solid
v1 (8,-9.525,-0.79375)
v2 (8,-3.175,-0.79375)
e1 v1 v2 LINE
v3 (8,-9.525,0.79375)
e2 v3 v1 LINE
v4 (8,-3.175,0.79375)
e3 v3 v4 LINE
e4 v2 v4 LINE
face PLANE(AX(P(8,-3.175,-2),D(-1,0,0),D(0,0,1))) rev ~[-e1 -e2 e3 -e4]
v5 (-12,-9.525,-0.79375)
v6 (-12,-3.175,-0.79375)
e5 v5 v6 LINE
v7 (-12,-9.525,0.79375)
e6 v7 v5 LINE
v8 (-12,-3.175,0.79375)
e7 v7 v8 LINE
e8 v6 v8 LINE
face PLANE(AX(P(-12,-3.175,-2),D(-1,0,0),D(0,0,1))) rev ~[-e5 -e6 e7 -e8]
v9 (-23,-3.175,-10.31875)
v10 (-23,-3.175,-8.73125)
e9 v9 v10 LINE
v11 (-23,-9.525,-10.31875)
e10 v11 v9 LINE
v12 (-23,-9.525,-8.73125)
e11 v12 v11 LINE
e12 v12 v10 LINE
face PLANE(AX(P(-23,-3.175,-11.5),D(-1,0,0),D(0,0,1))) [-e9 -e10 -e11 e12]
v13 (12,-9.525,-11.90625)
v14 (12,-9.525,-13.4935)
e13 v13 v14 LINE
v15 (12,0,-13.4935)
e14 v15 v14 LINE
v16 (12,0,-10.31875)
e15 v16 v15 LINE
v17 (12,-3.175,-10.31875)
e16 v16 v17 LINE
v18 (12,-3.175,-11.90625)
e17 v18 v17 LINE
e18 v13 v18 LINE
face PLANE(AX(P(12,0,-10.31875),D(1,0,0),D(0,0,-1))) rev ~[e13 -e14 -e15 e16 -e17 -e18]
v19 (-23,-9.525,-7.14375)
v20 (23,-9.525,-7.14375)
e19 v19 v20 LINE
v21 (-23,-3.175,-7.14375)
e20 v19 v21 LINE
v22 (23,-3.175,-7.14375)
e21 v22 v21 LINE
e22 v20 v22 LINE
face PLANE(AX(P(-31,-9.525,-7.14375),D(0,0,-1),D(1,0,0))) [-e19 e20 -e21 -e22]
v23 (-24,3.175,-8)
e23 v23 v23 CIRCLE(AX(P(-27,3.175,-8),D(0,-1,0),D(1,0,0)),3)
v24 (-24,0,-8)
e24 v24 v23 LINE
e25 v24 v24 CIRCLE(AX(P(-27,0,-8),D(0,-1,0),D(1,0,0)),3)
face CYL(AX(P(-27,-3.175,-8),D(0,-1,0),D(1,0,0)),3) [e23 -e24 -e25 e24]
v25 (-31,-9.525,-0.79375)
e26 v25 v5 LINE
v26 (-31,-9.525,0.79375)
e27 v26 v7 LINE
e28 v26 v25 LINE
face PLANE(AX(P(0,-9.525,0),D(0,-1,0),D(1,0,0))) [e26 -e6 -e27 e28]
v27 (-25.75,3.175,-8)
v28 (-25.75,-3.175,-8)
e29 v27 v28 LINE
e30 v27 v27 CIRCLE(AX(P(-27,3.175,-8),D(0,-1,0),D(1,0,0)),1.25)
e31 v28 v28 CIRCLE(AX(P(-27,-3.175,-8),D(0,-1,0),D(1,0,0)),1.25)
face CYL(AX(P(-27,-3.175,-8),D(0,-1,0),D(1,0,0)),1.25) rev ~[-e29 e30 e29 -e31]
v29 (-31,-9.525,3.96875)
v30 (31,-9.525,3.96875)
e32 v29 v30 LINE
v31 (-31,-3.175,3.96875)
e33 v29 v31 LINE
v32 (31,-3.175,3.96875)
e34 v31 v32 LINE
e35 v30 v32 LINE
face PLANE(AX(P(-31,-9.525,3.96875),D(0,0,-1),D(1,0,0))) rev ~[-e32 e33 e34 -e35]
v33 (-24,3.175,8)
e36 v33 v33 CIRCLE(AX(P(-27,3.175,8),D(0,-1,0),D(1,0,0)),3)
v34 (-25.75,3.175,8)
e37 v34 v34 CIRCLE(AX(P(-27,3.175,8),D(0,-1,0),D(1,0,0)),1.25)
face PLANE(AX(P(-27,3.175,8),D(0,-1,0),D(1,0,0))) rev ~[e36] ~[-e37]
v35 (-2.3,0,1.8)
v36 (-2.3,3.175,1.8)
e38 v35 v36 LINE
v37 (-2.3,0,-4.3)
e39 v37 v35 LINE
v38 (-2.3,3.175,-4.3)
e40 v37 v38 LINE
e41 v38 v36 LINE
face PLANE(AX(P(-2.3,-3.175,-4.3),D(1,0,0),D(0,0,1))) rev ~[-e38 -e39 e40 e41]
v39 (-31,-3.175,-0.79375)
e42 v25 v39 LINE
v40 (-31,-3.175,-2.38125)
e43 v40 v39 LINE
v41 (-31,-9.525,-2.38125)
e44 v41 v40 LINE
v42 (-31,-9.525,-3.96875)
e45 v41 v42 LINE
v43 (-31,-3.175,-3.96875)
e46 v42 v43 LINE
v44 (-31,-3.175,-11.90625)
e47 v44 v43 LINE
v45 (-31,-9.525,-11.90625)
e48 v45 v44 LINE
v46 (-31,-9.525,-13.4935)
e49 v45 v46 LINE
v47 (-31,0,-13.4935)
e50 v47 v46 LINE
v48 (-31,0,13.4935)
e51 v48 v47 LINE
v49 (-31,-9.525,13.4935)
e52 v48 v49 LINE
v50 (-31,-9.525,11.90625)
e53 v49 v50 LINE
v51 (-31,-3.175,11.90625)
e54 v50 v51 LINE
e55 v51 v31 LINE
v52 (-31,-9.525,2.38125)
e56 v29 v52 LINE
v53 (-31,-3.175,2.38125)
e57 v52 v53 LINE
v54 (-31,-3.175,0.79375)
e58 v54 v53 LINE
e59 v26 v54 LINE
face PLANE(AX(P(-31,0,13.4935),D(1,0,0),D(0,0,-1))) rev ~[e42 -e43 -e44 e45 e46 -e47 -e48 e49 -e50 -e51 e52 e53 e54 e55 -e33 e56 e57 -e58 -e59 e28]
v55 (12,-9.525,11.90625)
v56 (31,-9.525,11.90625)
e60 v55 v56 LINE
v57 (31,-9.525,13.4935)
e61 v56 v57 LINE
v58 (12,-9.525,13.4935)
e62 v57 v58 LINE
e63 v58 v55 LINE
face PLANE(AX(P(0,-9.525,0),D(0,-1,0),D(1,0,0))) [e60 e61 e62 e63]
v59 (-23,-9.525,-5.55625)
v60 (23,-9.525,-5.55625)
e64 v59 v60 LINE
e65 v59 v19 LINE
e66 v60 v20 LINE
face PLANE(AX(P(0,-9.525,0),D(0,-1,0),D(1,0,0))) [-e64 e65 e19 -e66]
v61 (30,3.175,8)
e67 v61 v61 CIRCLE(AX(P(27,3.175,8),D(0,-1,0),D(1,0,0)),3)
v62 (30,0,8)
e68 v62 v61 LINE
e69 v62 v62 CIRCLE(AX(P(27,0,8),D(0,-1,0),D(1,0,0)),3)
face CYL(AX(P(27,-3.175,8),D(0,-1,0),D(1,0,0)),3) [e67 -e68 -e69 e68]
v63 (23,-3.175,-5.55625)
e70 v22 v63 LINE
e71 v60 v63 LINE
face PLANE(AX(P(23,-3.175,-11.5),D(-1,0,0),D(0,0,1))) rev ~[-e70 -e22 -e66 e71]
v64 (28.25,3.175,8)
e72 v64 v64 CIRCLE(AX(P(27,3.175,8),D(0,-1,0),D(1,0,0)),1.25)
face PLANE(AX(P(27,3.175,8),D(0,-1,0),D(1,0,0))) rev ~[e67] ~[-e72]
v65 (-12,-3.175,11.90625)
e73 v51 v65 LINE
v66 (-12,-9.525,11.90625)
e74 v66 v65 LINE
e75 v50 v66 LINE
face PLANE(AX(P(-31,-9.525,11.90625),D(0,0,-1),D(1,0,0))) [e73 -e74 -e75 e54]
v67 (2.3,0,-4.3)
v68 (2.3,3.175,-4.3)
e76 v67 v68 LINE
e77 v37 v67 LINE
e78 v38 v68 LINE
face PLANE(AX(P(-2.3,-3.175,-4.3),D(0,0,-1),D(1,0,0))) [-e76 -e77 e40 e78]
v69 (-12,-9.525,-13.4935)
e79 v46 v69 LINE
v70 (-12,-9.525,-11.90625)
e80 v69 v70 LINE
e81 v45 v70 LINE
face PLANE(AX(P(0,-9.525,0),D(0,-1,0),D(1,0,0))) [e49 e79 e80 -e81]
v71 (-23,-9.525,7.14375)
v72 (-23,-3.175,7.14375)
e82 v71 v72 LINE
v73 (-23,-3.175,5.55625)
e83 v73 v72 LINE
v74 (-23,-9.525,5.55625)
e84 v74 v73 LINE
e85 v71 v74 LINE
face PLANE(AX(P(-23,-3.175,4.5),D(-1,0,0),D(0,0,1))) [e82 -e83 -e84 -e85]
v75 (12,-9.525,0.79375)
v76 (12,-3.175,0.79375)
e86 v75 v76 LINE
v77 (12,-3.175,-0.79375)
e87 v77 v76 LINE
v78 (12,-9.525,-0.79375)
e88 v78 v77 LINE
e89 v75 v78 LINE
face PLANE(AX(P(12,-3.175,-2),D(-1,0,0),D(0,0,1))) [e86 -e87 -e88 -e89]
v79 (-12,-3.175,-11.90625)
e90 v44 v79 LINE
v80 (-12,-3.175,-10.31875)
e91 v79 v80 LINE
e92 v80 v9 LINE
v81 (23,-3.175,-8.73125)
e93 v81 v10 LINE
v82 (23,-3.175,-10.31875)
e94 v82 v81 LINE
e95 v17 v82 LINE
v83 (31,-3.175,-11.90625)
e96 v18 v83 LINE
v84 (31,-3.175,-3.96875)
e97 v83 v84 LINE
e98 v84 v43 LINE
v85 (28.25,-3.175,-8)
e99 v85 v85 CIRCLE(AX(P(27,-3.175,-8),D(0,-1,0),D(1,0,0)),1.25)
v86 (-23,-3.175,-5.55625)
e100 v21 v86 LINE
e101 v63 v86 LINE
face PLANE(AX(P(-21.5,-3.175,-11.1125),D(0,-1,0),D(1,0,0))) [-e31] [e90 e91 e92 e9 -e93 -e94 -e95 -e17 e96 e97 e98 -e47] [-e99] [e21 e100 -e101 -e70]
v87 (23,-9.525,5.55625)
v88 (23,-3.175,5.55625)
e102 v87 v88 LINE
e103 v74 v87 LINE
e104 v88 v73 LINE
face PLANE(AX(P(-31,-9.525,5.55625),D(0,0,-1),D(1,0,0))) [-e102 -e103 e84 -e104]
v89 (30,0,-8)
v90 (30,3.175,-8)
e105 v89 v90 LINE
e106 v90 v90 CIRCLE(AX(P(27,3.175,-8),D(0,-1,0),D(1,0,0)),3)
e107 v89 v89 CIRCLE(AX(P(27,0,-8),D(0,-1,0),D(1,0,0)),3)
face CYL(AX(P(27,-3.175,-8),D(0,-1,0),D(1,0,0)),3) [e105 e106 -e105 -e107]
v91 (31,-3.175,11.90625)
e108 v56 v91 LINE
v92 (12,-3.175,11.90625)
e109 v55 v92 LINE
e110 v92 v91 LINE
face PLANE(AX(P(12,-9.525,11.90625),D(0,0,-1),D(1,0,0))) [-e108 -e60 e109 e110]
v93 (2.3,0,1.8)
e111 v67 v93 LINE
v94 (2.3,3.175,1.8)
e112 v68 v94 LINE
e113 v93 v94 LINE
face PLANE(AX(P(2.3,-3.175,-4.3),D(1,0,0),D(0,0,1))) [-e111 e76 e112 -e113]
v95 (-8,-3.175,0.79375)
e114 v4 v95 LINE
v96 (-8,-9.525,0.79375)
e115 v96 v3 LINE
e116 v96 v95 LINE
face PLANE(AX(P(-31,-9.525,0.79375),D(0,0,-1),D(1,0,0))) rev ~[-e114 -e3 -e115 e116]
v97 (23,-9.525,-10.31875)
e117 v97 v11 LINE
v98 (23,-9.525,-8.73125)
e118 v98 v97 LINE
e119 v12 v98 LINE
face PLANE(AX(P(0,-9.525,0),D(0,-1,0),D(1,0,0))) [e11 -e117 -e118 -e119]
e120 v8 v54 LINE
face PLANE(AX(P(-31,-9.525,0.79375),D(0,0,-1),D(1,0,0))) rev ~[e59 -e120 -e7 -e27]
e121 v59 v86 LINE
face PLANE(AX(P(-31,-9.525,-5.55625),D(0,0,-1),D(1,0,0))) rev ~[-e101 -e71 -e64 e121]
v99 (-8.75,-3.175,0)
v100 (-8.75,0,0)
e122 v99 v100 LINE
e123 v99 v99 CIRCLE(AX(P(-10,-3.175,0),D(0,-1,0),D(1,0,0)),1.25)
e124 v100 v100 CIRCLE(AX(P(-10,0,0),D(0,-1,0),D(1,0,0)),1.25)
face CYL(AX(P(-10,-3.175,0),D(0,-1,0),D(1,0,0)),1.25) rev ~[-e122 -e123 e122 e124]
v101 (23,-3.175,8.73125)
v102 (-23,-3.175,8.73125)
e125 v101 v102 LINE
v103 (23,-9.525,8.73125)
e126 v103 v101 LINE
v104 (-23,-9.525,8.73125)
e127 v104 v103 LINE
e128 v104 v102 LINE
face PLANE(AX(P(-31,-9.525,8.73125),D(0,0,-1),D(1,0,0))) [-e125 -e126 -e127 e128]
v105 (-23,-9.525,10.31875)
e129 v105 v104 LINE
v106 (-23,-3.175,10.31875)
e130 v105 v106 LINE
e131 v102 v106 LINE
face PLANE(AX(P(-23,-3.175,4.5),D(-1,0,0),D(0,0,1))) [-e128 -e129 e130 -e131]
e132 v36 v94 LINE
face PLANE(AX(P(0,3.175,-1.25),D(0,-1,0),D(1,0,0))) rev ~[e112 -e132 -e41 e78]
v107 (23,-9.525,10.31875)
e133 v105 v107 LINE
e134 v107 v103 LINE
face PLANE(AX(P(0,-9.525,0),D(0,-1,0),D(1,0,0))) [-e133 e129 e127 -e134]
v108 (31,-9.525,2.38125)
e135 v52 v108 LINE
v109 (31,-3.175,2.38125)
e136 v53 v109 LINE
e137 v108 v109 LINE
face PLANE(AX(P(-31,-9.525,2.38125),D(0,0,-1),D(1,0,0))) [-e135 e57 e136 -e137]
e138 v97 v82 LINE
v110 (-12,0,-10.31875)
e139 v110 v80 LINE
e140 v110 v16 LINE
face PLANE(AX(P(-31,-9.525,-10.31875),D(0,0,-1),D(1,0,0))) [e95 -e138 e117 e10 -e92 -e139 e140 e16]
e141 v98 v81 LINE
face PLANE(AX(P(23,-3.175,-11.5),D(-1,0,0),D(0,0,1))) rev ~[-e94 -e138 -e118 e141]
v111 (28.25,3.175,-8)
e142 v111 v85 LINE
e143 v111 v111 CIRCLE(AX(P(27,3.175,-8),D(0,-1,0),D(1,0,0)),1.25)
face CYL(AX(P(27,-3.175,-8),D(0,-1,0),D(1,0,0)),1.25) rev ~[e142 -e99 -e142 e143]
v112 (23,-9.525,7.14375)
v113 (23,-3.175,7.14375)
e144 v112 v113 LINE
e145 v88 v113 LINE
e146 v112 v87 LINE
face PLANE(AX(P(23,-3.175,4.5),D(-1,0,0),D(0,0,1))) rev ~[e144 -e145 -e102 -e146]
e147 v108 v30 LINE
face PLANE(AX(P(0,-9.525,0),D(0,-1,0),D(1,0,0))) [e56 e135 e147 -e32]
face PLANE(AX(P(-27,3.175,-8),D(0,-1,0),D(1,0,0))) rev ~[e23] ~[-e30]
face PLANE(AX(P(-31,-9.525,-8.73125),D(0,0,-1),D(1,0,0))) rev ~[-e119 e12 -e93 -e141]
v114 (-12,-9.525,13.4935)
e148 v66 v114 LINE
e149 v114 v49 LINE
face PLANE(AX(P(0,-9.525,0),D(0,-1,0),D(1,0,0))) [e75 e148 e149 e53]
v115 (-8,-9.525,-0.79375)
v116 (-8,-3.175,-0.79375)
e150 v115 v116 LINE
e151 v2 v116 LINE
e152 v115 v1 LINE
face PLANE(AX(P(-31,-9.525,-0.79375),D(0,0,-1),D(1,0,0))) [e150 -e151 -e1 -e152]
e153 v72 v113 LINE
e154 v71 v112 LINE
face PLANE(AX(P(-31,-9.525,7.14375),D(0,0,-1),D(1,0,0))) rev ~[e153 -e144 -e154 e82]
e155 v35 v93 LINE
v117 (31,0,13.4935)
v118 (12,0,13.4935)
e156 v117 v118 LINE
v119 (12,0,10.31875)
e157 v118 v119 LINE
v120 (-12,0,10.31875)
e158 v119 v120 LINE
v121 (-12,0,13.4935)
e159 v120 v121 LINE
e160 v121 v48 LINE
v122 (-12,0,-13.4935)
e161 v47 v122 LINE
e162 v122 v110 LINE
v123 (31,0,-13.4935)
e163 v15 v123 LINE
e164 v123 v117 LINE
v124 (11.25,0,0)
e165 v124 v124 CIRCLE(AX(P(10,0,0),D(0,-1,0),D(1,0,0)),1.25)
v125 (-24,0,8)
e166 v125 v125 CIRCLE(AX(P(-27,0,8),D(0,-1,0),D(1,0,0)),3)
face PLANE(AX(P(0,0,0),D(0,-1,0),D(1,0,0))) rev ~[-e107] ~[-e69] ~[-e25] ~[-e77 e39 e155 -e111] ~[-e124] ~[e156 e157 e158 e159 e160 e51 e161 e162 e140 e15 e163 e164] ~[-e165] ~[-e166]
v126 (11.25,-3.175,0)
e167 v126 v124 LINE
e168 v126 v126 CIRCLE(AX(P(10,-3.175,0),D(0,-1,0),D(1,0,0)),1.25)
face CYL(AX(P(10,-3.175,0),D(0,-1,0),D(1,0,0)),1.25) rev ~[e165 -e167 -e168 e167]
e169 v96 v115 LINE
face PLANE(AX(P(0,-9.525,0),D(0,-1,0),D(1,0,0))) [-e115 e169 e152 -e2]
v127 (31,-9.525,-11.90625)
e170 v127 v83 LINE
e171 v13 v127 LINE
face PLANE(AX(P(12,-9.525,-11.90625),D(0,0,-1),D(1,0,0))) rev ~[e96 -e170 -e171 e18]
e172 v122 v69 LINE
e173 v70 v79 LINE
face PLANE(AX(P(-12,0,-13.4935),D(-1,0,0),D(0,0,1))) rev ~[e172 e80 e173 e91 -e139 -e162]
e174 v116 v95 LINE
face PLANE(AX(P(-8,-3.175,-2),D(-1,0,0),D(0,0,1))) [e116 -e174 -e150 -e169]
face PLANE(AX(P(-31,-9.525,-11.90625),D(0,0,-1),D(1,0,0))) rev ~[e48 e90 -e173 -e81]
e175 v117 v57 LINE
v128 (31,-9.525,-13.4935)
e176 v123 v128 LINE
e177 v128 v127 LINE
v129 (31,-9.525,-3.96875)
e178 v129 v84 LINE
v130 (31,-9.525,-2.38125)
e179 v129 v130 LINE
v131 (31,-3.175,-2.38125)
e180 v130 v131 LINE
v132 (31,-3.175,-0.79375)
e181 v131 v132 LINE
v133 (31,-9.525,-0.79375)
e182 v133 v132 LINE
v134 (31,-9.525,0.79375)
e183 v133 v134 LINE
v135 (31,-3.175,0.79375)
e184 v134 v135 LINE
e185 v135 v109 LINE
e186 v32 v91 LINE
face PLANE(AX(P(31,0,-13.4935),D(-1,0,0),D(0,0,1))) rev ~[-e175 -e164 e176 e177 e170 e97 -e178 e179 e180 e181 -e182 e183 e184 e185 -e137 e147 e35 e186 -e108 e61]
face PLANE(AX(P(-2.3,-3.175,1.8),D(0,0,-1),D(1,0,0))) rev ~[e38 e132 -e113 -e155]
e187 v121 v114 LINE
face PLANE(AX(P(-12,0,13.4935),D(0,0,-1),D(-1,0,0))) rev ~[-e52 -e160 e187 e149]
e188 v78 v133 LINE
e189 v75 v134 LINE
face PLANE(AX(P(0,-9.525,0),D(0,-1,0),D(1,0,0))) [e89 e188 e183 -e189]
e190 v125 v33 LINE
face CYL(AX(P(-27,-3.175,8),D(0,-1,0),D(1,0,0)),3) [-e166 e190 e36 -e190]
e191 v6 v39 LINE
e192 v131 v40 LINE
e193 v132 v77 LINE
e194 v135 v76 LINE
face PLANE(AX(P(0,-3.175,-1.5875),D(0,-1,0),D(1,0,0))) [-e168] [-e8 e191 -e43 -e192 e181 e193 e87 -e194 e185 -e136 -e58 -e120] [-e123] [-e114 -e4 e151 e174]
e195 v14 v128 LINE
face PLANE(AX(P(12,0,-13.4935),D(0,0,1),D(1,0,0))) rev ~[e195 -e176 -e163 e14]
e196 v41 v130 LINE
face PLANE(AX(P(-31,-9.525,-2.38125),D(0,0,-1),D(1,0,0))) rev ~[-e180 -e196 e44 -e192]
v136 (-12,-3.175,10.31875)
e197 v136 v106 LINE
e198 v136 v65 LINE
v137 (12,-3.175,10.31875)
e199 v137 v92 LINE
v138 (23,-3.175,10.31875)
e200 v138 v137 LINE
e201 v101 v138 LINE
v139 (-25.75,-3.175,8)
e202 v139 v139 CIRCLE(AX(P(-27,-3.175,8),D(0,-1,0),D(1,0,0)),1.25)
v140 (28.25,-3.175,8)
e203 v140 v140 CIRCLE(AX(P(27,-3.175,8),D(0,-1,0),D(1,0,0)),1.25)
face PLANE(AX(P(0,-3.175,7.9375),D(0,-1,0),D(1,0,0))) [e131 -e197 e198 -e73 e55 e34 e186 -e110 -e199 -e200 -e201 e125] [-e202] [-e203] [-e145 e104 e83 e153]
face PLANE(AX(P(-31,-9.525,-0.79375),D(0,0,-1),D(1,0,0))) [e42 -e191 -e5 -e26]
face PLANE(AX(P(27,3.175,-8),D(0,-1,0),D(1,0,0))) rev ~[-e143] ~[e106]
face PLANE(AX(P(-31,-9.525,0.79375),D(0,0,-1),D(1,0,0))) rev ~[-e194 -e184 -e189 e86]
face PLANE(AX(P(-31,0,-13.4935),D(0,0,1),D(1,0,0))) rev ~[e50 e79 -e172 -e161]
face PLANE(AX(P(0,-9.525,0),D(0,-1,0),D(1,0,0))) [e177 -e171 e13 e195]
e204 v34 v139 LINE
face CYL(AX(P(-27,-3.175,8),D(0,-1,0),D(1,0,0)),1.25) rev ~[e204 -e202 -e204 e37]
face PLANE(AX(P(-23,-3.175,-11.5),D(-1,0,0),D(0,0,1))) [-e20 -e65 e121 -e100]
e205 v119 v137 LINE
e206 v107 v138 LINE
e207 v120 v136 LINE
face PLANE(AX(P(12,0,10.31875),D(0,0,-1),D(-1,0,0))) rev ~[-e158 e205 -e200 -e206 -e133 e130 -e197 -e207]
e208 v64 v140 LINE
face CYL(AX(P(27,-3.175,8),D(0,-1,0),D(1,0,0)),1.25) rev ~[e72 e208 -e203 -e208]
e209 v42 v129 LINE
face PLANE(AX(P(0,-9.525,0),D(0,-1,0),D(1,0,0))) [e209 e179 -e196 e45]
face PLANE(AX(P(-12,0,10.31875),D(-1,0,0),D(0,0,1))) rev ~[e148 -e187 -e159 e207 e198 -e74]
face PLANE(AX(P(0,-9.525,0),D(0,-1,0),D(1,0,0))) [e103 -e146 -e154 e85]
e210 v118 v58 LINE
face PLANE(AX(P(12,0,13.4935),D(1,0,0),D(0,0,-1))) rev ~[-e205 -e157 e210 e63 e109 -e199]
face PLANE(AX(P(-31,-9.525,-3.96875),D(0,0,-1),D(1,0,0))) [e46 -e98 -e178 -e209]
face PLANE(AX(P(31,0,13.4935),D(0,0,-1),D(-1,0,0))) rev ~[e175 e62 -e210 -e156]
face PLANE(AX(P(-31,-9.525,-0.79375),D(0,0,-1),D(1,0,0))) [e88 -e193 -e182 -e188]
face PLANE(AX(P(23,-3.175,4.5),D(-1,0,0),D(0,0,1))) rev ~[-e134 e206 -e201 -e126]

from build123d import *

# Parameters (mm, degrees)
F1_DEPTH = 9.525
F2_W     = 19
F2_H     = 1.5875
F2_W_2   = 62
F4_DEPTH = 6.35
F5_R     = 3
F5_R_2   = 1.25
F5_W     = 4.6
F5_H     = 6.1
F7_DEPTH = 6.35
F5_W_2   = 8
F5_H_2   = 7
F5_W_3   = 4
F5_H_3   = 4
F8_DEPTH = 6.351
F9_DEPTH = 6.351


with BuildPart() as f1:
    # F0 (on Front) → F1 (new body)
    with BuildSketch(Plane.XZ):
        Polygon((-12, 13.4935), (-31, 13.4935), (-31, -13.4935), (-12, -13.4935), (-12, -10.31875), (0, -10.31875), (12, -10.31875), (12, -13.4935), (31, -13.4935), (31, 13.4935), (12, 13.4935), (12, 10.31875), (0, 10.31875), (-12, 10.31875), align=None)
    extrude(amount=F1_DEPTH)

    # F2 (on face) → F4 (cut, through all)
    with BuildSketch(Plane.XZ.offset(9.525)):
        with Locations((-21.5, 11.1125)):
            Rectangle(F2_W, F2_H)
        with Locations((21.5, 11.1125)):
            Rectangle(F2_W, F2_H)
        with Locations((0, 7.9375)):
            Rectangle(F2_W_2, F2_H)
        with Locations((0, 4.7625)):
            Rectangle(F2_W_2, F2_H)
        with Locations((0, 1.5875)):
            Rectangle(F2_W_2, F2_H)
        with Locations((0, -1.5875)):
            Rectangle(F2_W_2, F2_H)
        with Locations((0, -4.7625)):
            Rectangle(F2_W_2, F2_H)
        with Locations((0, -7.9375)):
            Rectangle(F2_W_2, F2_H)
        with Locations((-21.5, -11.1125)):
            Rectangle(F2_W, F2_H)
        with Locations((21.5, -11.1125)):
            Rectangle(F2_W, F2_H)
    extrude(amount=-F4_DEPTH, mode=Mode.SUBTRACT)

    # F5 (on offset) → F7 (join, through all)
    with BuildSketch(Plane.XZ.offset(3.175)):
        with Locations((-27, 8)):
            Circle(F5_R)
        with Locations((-27, 8)):
            Circle(F5_R_2, mode=Mode.SUBTRACT)
        with Locations((-27, -8)):
            Circle(F5_R)
        with Locations((-27, -8)):
            Circle(F5_R_2, mode=Mode.SUBTRACT)
        with Locations((27, 8)):
            Circle(F5_R)
        with Locations((27, 8)):
            Circle(F5_R_2, mode=Mode.SUBTRACT)
        with Locations((27, -8)):
            Circle(F5_R)
        with Locations((27, -8)):
            Circle(F5_R_2, mode=Mode.SUBTRACT)
        with Locations((0, -1.25)):
            Rectangle(F5_W, F5_H)
    extrude(amount=-F7_DEPTH)

    # F5 (on offset) → F8 (cut, through all)
    with BuildSketch(Plane.XZ.offset(3.175)):
        with Locations((-27, 8)):
            Rectangle(F5_W_2, F5_H_2)
        with Locations((-27, 8)):
            Circle(F5_R, mode=Mode.SUBTRACT)
        with Locations((-27, -8)):
            Rectangle(F5_W_2, F5_H_2)
        with Locations((-27, -8)):
            Circle(F5_R, mode=Mode.SUBTRACT)
        with Locations((27, 8)):
            Rectangle(F5_W_2, F5_H_2)
        with Locations((27, 8)):
            Circle(F5_R, mode=Mode.SUBTRACT)
        with Locations((27, -8)):
            Rectangle(F5_W_2, F5_H_2)
        with Locations((27, -8)):
            Circle(F5_R, mode=Mode.SUBTRACT)
        with Locations((-27, 8)):
            Circle(F5_R)
        with Locations((-27, 8)):
            Circle(F5_R_2, mode=Mode.SUBTRACT)
        with Locations((-27, -8)):
            Circle(F5_R)
        with Locations((-27, -8)):
            Circle(F5_R_2, mode=Mode.SUBTRACT)
        with Locations((27, 8)):
            Circle(F5_R)
        with Locations((27, 8)):
            Circle(F5_R_2, mode=Mode.SUBTRACT)
        with Locations((27, -8)):
            Circle(F5_R)
        with Locations((27, -8)):
            Circle(F5_R_2, mode=Mode.SUBTRACT)
        with Locations((-10, 0)):
            Rectangle(F5_W_3, F5_H_3)
        with Locations((-10, 0)):
            Circle(F5_R_2, mode=Mode.SUBTRACT)
        with Locations((10, 0)):
            Rectangle(F5_W_3, F5_H_3)
        with Locations((10, 0)):
            Circle(F5_R_2, mode=Mode.SUBTRACT)
        with Locations((-27, 8)):
            Circle(F5_R_2)
        with Locations((-27, -8)):
            Circle(F5_R_2)
        with Locations((-10, 0)):
            Circle(F5_R_2)
        with Locations((27, 8)):
            Circle(F5_R_2)
        with Locations((27, -8)):
            Circle(F5_R_2)
        with Locations((10, 0)):
            Circle(F5_R_2)
    extrude(amount=F8_DEPTH, mode=Mode.SUBTRACT)

    # F5 (on offset) → F9 (cut, through all)
    with BuildSketch(Plane.XZ.offset(3.175)):
        with Locations((-27, 8)):
            Circle(F5_R_2)
        with Locations((-27, -8)):
            Circle(F5_R_2)
        with Locations((27, 8)):
            Circle(F5_R_2)
        with Locations((27, -8)):
            Circle(F5_R_2)
        with Locations((-10, 0)):
            Circle(F5_R_2)
        with Locations((10, 0)):
            Circle(F5_R_2)
    extrude(amount=-F9_DEPTH, mode=Mode.SUBTRACT)


solid = f1.part
